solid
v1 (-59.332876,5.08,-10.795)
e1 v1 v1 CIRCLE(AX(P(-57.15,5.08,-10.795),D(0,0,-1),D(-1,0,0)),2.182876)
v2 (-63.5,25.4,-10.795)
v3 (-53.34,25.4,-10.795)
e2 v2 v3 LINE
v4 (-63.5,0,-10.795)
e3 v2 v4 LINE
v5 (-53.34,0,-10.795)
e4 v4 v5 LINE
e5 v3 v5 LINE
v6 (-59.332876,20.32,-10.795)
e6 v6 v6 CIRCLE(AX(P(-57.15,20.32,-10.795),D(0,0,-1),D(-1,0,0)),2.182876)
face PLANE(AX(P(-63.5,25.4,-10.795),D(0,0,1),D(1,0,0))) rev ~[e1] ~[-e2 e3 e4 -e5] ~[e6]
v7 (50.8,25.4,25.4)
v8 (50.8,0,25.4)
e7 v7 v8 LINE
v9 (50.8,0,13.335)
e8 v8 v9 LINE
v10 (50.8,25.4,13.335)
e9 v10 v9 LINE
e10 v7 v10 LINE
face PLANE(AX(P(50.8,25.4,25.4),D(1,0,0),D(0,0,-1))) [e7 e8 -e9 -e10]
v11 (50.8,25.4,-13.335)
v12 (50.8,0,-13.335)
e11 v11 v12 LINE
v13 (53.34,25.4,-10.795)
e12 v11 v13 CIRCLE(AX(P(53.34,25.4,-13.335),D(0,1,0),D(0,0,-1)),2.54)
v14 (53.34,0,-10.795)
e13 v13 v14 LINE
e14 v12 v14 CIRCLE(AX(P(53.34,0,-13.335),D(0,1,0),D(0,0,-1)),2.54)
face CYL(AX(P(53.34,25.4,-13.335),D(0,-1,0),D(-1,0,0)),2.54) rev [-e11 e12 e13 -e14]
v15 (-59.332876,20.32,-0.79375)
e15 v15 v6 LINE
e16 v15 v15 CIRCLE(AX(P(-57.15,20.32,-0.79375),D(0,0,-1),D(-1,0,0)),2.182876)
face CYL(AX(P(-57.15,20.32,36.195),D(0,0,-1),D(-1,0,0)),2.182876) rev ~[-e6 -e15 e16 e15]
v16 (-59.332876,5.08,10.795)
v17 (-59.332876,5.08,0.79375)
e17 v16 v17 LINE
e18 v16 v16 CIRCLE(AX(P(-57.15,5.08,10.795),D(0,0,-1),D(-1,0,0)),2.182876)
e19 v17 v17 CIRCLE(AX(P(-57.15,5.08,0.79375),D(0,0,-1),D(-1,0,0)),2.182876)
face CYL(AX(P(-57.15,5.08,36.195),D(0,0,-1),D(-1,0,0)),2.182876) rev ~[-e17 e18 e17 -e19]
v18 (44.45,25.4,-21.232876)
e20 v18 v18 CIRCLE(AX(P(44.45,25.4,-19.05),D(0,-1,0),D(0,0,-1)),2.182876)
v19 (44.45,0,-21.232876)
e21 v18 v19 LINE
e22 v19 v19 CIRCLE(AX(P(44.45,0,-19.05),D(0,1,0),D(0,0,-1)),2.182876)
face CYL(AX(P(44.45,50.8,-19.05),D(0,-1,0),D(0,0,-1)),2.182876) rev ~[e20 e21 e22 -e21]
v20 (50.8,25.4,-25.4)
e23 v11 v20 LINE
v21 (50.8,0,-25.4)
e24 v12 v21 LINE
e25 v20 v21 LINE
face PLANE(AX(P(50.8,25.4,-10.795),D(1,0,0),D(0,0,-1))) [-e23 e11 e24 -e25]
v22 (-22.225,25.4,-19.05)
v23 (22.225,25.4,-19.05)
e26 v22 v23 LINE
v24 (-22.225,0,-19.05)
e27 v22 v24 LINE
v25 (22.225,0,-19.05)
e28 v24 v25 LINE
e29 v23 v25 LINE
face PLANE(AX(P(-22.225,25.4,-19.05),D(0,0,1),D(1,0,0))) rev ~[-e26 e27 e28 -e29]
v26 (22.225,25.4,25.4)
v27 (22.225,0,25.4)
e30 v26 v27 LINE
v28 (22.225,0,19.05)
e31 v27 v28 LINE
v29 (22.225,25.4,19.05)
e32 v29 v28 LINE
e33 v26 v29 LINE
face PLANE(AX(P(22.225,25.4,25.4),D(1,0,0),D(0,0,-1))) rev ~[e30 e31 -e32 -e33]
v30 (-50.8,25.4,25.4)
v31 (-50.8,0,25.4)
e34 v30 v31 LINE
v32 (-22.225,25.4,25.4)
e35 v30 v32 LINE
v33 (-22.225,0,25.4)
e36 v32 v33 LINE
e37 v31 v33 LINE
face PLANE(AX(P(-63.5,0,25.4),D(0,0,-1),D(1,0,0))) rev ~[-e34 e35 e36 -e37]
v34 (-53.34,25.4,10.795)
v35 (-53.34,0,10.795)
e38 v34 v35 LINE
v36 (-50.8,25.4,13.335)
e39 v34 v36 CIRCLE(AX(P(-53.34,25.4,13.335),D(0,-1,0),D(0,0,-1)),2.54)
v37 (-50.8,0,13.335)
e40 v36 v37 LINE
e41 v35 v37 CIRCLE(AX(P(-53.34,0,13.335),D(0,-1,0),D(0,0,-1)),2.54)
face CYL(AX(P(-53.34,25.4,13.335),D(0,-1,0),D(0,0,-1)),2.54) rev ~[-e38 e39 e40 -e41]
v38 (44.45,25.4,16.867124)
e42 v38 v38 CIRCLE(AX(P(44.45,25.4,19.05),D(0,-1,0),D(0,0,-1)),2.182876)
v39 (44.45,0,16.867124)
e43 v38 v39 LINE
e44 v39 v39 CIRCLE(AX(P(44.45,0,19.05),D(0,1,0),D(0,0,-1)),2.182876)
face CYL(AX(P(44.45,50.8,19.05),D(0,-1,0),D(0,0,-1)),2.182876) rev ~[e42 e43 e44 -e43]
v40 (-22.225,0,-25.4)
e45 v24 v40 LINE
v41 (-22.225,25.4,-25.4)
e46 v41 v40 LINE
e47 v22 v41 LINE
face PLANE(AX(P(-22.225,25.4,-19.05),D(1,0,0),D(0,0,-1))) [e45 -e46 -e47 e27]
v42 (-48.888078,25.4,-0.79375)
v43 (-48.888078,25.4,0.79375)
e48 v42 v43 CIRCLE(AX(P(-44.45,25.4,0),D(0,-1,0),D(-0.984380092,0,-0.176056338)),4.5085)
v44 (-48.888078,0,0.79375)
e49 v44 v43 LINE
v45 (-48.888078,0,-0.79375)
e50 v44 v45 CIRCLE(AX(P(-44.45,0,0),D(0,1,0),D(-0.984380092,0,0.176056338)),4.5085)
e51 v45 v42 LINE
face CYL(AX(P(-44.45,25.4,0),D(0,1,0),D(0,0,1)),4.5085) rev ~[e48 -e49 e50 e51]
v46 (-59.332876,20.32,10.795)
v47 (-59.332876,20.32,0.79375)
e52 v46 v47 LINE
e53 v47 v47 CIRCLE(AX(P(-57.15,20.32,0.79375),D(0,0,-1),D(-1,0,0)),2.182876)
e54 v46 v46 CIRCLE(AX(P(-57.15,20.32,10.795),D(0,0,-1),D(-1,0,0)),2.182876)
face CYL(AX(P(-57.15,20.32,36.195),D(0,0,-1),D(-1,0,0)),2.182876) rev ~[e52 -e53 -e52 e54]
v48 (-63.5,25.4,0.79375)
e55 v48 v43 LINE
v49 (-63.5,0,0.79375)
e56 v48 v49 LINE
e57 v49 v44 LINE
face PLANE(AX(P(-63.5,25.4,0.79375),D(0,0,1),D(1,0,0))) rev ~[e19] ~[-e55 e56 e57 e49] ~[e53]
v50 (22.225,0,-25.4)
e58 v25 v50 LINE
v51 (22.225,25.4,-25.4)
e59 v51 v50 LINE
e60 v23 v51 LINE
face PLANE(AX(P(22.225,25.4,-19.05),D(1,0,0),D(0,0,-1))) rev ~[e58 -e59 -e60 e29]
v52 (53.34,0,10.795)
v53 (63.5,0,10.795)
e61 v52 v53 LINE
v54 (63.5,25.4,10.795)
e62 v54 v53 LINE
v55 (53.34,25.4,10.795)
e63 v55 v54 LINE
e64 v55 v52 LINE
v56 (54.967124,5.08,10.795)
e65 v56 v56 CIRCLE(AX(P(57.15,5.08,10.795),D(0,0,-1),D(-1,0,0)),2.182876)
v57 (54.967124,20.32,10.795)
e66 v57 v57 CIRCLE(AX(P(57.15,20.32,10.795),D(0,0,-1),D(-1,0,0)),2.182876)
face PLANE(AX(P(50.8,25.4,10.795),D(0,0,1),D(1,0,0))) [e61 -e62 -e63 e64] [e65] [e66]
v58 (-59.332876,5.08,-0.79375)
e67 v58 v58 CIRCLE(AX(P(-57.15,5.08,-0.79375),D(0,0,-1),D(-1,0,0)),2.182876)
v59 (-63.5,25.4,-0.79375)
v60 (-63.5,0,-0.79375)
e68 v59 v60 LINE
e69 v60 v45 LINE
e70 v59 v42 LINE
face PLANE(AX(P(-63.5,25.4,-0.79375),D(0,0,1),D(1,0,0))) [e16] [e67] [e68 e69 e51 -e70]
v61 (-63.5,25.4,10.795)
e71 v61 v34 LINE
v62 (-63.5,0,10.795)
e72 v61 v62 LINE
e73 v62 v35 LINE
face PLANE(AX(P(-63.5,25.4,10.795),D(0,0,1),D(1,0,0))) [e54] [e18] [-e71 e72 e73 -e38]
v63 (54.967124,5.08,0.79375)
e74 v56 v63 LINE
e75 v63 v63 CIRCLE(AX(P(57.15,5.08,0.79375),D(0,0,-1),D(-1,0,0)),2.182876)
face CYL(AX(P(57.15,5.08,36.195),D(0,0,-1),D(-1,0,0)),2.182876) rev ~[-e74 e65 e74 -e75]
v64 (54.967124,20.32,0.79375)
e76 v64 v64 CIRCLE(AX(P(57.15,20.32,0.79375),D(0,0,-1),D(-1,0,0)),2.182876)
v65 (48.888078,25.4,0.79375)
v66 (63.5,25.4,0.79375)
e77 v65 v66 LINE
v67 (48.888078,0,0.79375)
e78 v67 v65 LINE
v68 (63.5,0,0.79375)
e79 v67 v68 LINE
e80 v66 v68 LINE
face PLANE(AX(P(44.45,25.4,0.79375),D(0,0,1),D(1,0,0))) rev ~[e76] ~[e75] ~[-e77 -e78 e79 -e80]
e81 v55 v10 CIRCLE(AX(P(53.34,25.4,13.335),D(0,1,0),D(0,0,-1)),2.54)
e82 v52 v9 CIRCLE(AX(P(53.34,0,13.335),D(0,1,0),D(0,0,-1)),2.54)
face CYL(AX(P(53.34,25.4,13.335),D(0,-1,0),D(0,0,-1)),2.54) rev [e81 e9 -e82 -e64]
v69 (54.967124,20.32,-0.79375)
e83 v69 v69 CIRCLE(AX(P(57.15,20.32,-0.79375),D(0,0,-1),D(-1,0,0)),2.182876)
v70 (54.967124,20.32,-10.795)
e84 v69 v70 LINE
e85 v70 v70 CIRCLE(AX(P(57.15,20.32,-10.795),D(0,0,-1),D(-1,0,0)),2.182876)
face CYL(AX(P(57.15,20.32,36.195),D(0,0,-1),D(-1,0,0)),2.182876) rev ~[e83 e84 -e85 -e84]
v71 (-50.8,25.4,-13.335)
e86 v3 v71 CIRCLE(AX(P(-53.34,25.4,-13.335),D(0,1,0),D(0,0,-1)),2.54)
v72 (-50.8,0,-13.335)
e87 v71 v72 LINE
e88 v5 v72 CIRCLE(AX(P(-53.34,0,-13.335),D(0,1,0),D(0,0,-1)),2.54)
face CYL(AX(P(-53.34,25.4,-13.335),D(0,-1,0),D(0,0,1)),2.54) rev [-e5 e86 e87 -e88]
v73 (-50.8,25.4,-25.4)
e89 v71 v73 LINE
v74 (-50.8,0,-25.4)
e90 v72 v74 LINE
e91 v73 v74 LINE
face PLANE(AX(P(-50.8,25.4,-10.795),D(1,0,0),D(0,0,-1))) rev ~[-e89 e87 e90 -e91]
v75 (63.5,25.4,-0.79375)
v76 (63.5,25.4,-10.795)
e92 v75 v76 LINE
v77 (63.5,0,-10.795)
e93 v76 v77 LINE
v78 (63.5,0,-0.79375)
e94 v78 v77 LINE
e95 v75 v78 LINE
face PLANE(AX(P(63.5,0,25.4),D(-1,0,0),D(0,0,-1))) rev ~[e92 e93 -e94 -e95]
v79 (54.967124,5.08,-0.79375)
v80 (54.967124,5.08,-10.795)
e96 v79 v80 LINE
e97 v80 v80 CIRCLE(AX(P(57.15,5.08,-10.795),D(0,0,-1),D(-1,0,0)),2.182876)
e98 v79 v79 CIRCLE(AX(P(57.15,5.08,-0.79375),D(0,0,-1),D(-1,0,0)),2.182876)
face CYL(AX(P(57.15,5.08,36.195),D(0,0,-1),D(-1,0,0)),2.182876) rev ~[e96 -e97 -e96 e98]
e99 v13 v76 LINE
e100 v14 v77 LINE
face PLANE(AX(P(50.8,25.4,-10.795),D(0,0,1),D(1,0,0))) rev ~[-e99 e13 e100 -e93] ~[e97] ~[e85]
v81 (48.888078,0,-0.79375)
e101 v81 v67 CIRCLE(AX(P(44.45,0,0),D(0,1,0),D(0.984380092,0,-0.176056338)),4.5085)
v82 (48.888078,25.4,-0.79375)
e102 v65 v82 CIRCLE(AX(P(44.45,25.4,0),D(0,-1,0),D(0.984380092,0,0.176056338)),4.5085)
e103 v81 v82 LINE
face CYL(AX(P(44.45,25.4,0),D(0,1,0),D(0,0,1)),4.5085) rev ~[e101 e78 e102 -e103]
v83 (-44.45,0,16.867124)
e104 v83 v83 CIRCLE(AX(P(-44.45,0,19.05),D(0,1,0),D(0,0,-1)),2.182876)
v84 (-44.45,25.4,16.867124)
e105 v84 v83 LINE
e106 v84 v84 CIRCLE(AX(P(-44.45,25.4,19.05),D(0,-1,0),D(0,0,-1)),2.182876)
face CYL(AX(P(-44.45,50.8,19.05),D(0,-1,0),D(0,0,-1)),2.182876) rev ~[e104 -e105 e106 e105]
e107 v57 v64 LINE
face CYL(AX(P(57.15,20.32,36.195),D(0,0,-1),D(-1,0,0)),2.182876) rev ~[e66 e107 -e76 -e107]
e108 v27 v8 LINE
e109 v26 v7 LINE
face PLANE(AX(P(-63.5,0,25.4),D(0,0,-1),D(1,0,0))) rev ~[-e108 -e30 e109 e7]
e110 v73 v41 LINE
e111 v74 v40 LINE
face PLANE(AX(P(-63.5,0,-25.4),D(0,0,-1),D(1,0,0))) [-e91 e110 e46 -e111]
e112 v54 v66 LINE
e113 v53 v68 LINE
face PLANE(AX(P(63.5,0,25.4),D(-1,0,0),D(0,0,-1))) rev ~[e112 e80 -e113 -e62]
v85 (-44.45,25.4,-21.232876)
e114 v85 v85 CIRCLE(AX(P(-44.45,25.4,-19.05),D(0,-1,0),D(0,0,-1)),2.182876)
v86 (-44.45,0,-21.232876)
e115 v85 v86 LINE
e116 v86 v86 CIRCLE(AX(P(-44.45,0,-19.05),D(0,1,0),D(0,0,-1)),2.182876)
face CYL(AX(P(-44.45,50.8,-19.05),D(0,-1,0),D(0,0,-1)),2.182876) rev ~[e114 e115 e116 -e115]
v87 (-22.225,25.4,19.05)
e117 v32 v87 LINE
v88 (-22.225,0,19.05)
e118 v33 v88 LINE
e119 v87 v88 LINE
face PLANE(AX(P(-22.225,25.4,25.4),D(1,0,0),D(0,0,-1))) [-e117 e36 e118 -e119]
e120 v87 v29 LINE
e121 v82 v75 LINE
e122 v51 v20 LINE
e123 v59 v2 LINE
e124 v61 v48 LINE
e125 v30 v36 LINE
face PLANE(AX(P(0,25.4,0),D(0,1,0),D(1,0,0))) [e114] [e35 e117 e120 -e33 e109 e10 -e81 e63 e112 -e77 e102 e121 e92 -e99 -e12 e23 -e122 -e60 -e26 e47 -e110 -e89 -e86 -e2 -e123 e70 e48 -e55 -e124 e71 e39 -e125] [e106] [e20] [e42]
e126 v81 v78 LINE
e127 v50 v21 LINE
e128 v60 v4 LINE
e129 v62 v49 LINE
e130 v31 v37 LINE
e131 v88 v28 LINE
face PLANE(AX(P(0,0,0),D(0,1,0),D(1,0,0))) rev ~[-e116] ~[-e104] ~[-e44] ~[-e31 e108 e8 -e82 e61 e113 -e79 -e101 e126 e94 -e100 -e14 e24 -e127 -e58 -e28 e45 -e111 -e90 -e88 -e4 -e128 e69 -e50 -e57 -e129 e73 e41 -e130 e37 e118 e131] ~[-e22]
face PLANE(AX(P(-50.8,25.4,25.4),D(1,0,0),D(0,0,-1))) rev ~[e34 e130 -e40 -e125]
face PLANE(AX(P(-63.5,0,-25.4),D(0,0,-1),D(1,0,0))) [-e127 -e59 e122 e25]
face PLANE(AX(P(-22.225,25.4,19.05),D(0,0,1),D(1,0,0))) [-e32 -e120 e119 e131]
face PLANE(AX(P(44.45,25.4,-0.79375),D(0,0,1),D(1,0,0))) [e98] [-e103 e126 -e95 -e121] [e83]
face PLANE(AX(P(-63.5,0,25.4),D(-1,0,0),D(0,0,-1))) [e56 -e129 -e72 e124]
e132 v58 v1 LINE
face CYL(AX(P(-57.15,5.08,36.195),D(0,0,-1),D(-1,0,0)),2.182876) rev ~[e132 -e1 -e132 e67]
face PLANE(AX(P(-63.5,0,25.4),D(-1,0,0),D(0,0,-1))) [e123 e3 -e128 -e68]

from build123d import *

# Parameters (mm, degrees)
SKETCH1_W                            = 127
SKETCH1_H                            = 50.8
BOSS_EXTRUDE1_DEPTH                  = 25.4
SKETCH2_R                            = 4.5085
CUT_EXTRUDE1_DEPTH                   = 73.955945611
SKETCH3_W                            = 19.05
SKETCH3_H                            = 1.5875
CUT_EXTRUDE2_DEPTH                   = 73.955945611
SKETCH4_W                            = 12.7
SKETCH4_H                            = 14.605
CUT_EXTRUDE3_DEPTH                   = 73.955945611
F_11_64_0_17188_DIAMETER_HOLE1_D     = 4.365752
F_11_64_0_17188_DIAMETER_HOLE1_DEPTH = 25.4
F_11_64_0_17188_DIAMETER_HOLE1_TIP   = 1.311604225
FILLET3_R                            = 2.54
F_11_64_0_17188_DIAMETER_HOLE2_D     = 4.365752
F_11_64_0_17188_DIAMETER_HOLE2_DEPTH = 25.4
F_11_64_0_17188_DIAMETER_HOLE2_TIP   = 1.311604225
SKETCH9_W                            = 44.45
SKETCH9_H                            = 6.35
CUT_EXTRUDE4_DEPTH                   = 73.955945611


with BuildPart() as part:
    # Sketch1 → Boss-Extrude1 (new body)
    with BuildSketch(Plane(origin=(0, 0, 0), x_dir=(1, 0, 0), z_dir=(0, 1, 0))):
        Rectangle(SKETCH1_W, SKETCH1_H)
    extrude(amount=BOSS_EXTRUDE1_DEPTH)

    # Sketch2 → Cut-Extrude1 (cut, through all)
    with BuildSketch(Plane(origin=(0, 25.4, 0), x_dir=(1, 0, 0), z_dir=(0, 1, 0))):
        with Locations(Location((-44.45, 0, 0), (0, 0, 270))):
            Circle(SKETCH2_R)
        with Locations(Location((44.45, 0, 0), (0, 0, 270))):
            Circle(SKETCH2_R)
    extrude(amount=-CUT_EXTRUDE1_DEPTH, mode=Mode.SUBTRACT)

    # Sketch3 → Cut-Extrude2 (cut, through all)
    with BuildSketch(Plane(origin=(0, 25.4, 0), x_dir=(1, 0, 0), z_dir=(0, 1, 0))):
        with Locations((-53.975, 0)):
            Rectangle(SKETCH3_W, SKETCH3_H)
        with Locations((53.975, 0)):
            Rectangle(SKETCH3_W, SKETCH3_H)
    extrude(amount=-CUT_EXTRUDE2_DEPTH, mode=Mode.SUBTRACT)

    # Sketch4 → Cut-Extrude3 (cut, through all)
    with BuildSketch(Plane(origin=(0, 25.4, 0), x_dir=(1, 0, 0), z_dir=(0, 1, 0))):
        with Locations((-57.15, -18.0975)):
            Rectangle(SKETCH4_W, SKETCH4_H)
        with Locations((-57.15, 18.0975)):
            Rectangle(SKETCH4_W, SKETCH4_H)
        with Locations((57.15, 18.0975)):
            Rectangle(SKETCH4_W, SKETCH4_H)
        with Locations((57.15, -18.0975)):
            Rectangle(SKETCH4_W, SKETCH4_H)
    extrude(amount=-CUT_EXTRUDE3_DEPTH, mode=Mode.SUBTRACT)

    # 11/64 (0.17188) Diameter Hole1
    with Locations(Plane(origin=(-57.15, 20.32, 10.795), x_dir=(1, 0, 0), z_dir=(0, 0, 1))):
        with Locations((0, 0), (0, -15.24), (114.3, 0), (114.3, -15.24)):
            Hole(F_11_64_0_17188_DIAMETER_HOLE1_D / 2, depth=F_11_64_0_17188_DIAMETER_HOLE1_DEPTH)
            with Locations((0, 0, -(F_11_64_0_17188_DIAMETER_HOLE1_DEPTH + F_11_64_0_17188_DIAMETER_HOLE1_TIP / 2))):  # 118° drill point
                Cone(0, F_11_64_0_17188_DIAMETER_HOLE1_D / 2, F_11_64_0_17188_DIAMETER_HOLE1_TIP, mode=Mode.SUBTRACT)

    # Fillet3
    fillet3_edges = [part.edges().sort_by_distance(p)[0] for p in [
        (50.8, 12.7, 10.795),
        (-50.8, 12.7, 10.795),
        (-50.8, 12.7, -10.795),
        (50.8, 12.7, -10.795),
    ]]
    fillet(fillet3_edges, radius=FILLET3_R)

    # 11/64 (0.17188) Diameter Hole2
    with Locations(Plane(origin=(-44.45, 25.4, -19.05), x_dir=(0, 0, 1), z_dir=(0, 1, 0))):
        with Locations((0, 0), (38.1, 0), (38.1, 88.9), (0, 88.9)):
            Hole(F_11_64_0_17188_DIAMETER_HOLE2_D / 2, depth=F_11_64_0_17188_DIAMETER_HOLE2_DEPTH)
            with Locations((0, 0, -(F_11_64_0_17188_DIAMETER_HOLE2_DEPTH + F_11_64_0_17188_DIAMETER_HOLE2_TIP / 2))):  # 118° drill point
                Cone(0, F_11_64_0_17188_DIAMETER_HOLE2_D / 2, F_11_64_0_17188_DIAMETER_HOLE2_TIP, mode=Mode.SUBTRACT)

    # Sketch9 → Cut-Extrude4 (cut, through all)
    with BuildSketch(Plane(origin=(0, 25.4, 0), x_dir=(1, 0, 0), z_dir=(0, 1, 0))):
        with Locations((0, -22.225)):
            Rectangle(SKETCH9_W, SKETCH9_H)
        with Locations((0, 22.225)):
            Rectangle(SKETCH9_W, SKETCH9_H)
    extrude(amount=-CUT_EXTRUDE4_DEPTH, mode=Mode.SUBTRACT)


solid = part.part
